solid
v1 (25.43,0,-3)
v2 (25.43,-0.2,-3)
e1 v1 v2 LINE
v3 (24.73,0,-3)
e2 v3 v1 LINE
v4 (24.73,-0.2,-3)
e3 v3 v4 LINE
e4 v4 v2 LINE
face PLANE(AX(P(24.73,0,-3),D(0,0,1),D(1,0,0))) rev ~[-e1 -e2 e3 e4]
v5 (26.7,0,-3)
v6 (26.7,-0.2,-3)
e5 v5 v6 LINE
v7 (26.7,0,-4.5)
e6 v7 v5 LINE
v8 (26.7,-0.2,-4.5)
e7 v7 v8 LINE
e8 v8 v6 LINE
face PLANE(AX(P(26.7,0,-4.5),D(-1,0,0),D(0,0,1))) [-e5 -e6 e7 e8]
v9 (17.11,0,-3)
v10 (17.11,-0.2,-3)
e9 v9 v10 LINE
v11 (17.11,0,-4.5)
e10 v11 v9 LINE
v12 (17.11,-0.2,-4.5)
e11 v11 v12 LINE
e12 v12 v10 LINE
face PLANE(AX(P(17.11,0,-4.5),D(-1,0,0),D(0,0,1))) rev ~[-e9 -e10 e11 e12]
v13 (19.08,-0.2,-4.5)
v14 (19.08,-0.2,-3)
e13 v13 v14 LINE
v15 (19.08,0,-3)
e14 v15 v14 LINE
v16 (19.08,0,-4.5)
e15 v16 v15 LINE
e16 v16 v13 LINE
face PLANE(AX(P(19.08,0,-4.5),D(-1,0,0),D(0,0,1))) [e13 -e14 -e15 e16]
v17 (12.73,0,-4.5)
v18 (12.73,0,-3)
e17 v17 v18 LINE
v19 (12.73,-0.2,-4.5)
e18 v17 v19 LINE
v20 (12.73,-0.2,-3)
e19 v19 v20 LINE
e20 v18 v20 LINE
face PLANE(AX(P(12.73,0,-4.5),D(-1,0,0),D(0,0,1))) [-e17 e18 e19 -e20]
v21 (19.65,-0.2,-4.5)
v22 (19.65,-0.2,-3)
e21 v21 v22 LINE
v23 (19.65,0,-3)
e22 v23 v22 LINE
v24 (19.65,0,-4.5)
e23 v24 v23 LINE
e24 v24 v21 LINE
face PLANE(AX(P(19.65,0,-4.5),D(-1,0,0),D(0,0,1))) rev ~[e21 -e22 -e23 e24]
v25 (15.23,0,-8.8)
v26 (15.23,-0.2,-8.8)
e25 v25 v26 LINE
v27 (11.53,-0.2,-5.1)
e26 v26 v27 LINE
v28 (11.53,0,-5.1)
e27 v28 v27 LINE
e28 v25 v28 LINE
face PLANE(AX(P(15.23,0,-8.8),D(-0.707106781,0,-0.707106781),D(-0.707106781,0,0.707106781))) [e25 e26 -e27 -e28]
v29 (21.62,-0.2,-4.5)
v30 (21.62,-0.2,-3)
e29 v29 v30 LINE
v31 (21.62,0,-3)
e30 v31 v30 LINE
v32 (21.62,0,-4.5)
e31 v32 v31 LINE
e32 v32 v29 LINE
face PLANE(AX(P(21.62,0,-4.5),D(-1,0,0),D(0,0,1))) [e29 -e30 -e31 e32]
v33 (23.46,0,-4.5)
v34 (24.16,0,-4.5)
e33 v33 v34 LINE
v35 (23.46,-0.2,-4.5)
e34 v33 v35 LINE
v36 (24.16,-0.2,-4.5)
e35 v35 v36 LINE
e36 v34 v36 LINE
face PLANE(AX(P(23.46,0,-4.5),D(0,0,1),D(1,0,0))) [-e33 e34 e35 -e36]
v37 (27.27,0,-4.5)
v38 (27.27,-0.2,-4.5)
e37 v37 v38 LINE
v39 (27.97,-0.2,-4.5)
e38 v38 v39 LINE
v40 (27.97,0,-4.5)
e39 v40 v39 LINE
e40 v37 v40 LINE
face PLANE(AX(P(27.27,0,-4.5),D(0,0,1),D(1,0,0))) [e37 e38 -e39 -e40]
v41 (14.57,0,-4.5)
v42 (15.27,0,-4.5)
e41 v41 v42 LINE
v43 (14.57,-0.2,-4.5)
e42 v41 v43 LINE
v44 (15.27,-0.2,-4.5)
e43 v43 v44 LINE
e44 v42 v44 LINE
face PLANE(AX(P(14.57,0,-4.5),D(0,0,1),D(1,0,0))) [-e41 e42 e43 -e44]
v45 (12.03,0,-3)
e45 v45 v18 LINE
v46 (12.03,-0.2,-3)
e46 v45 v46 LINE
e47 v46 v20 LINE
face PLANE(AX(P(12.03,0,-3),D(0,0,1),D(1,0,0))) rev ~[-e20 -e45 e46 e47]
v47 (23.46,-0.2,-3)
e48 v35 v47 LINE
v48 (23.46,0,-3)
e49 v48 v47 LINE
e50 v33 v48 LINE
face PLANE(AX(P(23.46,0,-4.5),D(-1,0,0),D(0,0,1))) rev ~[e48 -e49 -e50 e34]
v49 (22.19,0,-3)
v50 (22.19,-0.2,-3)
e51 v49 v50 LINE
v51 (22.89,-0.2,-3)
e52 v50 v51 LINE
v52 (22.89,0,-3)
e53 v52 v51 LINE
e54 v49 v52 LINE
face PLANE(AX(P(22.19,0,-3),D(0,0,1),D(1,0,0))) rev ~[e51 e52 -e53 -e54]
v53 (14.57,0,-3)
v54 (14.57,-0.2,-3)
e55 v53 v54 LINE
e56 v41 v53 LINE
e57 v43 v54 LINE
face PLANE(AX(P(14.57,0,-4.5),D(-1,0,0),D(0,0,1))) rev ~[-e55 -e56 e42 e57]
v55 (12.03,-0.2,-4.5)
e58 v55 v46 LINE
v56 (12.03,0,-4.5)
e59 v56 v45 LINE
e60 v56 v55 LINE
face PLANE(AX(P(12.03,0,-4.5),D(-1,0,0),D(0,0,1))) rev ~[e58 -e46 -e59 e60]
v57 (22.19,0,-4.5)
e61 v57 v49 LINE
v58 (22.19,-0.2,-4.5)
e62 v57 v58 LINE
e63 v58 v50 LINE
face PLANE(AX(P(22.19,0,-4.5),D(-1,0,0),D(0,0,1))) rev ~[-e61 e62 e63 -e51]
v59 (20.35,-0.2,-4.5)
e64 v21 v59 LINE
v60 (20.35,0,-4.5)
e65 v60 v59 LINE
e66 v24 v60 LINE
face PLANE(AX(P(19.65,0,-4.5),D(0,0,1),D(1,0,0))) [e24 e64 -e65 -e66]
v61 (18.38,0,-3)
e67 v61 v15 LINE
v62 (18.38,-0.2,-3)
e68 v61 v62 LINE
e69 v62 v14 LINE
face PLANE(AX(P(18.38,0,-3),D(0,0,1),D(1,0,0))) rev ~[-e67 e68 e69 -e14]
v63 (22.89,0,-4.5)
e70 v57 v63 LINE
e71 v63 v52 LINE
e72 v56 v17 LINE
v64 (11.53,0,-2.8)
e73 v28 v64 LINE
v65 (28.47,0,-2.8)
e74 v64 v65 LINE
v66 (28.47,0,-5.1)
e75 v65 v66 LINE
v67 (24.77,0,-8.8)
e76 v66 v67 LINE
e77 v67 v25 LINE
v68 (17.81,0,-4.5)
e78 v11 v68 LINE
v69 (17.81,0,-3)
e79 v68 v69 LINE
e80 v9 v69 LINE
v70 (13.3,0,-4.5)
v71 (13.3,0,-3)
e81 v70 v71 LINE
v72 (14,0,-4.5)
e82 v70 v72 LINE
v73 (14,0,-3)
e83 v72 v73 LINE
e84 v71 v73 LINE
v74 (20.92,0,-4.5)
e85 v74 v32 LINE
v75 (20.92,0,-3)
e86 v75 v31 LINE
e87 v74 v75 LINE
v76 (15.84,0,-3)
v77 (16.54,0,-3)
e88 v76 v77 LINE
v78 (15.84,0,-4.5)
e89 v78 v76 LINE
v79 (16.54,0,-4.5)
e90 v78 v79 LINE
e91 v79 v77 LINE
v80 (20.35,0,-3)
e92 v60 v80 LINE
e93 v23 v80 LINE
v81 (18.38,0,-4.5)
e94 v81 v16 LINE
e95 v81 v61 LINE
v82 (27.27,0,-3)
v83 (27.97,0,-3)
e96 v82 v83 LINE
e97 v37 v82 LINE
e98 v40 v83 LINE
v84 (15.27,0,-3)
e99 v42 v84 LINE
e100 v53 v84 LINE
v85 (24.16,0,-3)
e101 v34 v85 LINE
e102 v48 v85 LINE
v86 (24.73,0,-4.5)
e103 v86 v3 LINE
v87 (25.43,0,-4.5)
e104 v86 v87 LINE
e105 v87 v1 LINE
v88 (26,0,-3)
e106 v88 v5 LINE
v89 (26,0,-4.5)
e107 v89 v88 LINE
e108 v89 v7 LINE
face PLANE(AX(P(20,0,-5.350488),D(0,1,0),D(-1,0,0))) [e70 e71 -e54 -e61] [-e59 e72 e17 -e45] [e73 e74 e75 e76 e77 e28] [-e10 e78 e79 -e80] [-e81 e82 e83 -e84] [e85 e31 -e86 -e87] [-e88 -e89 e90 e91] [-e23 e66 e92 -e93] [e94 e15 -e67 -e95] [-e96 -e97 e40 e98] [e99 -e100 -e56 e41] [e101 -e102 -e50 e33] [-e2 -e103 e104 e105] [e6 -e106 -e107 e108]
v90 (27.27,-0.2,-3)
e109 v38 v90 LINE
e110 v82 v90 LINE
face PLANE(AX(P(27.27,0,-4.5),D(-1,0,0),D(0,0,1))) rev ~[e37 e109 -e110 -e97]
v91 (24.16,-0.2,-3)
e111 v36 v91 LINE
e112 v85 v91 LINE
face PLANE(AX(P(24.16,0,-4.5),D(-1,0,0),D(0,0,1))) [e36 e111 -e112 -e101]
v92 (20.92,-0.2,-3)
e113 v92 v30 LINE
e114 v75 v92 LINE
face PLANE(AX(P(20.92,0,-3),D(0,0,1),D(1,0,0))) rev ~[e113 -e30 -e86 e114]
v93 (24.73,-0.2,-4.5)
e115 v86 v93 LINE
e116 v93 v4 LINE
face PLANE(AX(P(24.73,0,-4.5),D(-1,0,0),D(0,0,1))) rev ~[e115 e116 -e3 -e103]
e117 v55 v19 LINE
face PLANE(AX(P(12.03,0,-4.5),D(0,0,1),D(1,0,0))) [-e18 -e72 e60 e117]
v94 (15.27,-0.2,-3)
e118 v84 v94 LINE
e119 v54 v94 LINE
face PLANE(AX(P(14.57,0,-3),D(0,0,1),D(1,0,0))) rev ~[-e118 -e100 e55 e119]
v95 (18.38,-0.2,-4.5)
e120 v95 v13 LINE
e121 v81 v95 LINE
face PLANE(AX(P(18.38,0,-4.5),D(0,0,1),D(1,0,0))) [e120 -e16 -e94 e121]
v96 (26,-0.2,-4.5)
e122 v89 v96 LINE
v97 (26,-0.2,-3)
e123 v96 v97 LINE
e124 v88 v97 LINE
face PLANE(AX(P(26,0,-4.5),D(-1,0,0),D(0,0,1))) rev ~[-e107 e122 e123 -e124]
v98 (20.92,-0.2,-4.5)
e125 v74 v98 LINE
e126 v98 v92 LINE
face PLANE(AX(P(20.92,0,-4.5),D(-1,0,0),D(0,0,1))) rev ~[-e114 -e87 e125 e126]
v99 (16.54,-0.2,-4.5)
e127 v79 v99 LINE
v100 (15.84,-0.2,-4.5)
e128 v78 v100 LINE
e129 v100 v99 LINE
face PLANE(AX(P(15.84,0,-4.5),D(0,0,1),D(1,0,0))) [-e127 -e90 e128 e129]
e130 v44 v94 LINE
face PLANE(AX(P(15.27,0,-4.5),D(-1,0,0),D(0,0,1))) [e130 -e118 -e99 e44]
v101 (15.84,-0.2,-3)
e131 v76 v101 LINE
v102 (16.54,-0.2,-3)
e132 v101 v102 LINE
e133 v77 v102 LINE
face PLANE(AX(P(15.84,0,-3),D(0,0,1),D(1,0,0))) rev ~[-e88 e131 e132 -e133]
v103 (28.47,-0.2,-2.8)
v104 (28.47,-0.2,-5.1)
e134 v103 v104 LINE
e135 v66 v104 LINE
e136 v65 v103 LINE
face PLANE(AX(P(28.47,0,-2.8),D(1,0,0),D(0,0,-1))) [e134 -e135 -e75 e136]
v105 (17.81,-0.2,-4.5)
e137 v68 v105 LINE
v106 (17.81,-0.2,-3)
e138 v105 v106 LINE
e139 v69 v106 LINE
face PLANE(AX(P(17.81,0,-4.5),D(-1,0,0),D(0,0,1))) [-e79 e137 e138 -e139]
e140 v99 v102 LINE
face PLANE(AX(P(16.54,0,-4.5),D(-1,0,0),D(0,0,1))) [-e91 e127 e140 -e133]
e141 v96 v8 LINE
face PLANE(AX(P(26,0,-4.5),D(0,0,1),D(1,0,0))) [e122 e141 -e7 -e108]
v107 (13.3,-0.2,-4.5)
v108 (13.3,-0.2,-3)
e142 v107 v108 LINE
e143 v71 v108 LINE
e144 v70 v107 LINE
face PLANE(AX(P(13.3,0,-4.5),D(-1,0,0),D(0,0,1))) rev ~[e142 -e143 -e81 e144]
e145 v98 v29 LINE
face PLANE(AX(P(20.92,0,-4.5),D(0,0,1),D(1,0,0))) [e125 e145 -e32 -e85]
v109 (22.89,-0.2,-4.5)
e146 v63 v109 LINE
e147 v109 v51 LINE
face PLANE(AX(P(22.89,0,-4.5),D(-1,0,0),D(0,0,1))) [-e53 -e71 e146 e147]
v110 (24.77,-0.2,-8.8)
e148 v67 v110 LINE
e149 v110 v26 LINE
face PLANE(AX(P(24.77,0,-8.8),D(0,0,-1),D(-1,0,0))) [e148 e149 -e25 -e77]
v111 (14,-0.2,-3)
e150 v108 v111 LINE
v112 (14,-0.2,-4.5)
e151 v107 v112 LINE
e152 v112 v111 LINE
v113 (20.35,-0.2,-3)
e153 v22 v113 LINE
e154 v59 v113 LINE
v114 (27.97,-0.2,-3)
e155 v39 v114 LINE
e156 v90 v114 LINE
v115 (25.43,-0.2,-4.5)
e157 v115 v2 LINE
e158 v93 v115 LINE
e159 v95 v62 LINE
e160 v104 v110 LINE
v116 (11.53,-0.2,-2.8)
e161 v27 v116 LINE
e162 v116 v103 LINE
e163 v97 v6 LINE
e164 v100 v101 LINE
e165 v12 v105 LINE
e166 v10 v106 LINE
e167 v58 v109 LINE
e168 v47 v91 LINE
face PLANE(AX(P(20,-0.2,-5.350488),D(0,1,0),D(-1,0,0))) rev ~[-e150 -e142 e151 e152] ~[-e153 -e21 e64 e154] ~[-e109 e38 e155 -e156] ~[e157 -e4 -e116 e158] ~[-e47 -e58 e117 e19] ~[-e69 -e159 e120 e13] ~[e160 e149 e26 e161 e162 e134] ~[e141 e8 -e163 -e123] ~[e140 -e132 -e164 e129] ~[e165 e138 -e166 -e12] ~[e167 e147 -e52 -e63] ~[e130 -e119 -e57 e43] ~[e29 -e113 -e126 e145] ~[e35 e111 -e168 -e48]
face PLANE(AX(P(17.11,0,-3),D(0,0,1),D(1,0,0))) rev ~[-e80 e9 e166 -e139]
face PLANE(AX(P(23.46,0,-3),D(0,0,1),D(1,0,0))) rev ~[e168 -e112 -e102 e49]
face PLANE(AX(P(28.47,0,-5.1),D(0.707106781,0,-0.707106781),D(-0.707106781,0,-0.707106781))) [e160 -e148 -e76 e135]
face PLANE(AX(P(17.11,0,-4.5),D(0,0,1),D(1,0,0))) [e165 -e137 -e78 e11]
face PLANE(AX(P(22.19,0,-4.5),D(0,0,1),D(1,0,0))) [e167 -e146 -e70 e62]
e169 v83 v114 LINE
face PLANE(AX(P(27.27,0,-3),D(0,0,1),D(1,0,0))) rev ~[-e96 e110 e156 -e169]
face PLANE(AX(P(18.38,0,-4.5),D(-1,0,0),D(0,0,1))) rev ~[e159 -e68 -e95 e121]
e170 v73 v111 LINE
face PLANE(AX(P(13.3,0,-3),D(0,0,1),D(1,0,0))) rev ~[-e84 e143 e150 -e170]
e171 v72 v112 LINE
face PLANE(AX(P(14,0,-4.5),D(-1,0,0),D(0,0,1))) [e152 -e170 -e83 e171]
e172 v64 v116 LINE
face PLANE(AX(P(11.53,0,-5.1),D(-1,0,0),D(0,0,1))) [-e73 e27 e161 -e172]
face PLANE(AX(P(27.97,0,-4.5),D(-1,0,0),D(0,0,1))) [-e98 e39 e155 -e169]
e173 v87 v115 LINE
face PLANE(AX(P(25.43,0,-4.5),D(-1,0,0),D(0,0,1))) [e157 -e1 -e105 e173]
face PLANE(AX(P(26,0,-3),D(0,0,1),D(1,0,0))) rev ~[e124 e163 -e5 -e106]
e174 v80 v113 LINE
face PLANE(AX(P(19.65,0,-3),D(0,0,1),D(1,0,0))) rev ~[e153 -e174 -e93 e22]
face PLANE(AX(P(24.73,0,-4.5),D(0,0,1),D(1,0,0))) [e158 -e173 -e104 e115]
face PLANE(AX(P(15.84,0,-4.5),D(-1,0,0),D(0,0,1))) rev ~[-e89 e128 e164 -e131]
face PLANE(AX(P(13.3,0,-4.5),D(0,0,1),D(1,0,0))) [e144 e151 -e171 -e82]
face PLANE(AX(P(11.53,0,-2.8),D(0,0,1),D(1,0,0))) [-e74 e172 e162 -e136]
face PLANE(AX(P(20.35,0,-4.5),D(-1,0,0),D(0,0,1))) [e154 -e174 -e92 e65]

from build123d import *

# Parameters (mm, degrees)
SKETCH_1_W      = 0.7
SKETCH_1_H      = 1.5
EXTRUDE_1_DEPTH = 0.2


with BuildPart() as part:
    # 스케치1 → 보스-돌출1 (new body)
    with BuildSketch(Plane.XZ):
        Polygon((28.47, -5.1), (24.77, -8.8), (15.23, -8.8), (11.53, -5.1), (11.53, -2.8), (28.47, -2.8), align=None)
        with Locations((12.38, -3.75)):
            Rectangle(SKETCH_1_W, SKETCH_1_H, mode=Mode.SUBTRACT)
        with Locations((13.65, -3.75)):
            Rectangle(SKETCH_1_W, SKETCH_1_H, mode=Mode.SUBTRACT)
        with Locations((14.92, -3.75)):
            Rectangle(SKETCH_1_W, SKETCH_1_H, mode=Mode.SUBTRACT)
        with Locations((16.19, -3.75)):
            Rectangle(SKETCH_1_W, SKETCH_1_H, mode=Mode.SUBTRACT)
        with Locations((17.46, -3.75)):
            Rectangle(SKETCH_1_W, SKETCH_1_H, mode=Mode.SUBTRACT)
        with Locations((18.73, -3.75)):
            Rectangle(SKETCH_1_W, SKETCH_1_H, mode=Mode.SUBTRACT)
        with Locations((20, -3.75)):
            Rectangle(SKETCH_1_W, SKETCH_1_H, mode=Mode.SUBTRACT)
        with Locations((21.27, -3.75)):
            Rectangle(SKETCH_1_W, SKETCH_1_H, mode=Mode.SUBTRACT)
        with Locations((22.54, -3.75)):
            Rectangle(SKETCH_1_W, SKETCH_1_H, mode=Mode.SUBTRACT)
        with Locations((23.81, -3.75)):
            Rectangle(SKETCH_1_W, SKETCH_1_H, mode=Mode.SUBTRACT)
        with Locations((25.08, -3.75)):
            Rectangle(SKETCH_1_W, SKETCH_1_H, mode=Mode.SUBTRACT)
        with Locations((26.35, -3.75)):
            Rectangle(SKETCH_1_W, SKETCH_1_H, mode=Mode.SUBTRACT)
        with Locations((27.62, -3.75)):
            Rectangle(SKETCH_1_W, SKETCH_1_H, mode=Mode.SUBTRACT)
    extrude(amount=EXTRUDE_1_DEPTH)


solid = part.part
